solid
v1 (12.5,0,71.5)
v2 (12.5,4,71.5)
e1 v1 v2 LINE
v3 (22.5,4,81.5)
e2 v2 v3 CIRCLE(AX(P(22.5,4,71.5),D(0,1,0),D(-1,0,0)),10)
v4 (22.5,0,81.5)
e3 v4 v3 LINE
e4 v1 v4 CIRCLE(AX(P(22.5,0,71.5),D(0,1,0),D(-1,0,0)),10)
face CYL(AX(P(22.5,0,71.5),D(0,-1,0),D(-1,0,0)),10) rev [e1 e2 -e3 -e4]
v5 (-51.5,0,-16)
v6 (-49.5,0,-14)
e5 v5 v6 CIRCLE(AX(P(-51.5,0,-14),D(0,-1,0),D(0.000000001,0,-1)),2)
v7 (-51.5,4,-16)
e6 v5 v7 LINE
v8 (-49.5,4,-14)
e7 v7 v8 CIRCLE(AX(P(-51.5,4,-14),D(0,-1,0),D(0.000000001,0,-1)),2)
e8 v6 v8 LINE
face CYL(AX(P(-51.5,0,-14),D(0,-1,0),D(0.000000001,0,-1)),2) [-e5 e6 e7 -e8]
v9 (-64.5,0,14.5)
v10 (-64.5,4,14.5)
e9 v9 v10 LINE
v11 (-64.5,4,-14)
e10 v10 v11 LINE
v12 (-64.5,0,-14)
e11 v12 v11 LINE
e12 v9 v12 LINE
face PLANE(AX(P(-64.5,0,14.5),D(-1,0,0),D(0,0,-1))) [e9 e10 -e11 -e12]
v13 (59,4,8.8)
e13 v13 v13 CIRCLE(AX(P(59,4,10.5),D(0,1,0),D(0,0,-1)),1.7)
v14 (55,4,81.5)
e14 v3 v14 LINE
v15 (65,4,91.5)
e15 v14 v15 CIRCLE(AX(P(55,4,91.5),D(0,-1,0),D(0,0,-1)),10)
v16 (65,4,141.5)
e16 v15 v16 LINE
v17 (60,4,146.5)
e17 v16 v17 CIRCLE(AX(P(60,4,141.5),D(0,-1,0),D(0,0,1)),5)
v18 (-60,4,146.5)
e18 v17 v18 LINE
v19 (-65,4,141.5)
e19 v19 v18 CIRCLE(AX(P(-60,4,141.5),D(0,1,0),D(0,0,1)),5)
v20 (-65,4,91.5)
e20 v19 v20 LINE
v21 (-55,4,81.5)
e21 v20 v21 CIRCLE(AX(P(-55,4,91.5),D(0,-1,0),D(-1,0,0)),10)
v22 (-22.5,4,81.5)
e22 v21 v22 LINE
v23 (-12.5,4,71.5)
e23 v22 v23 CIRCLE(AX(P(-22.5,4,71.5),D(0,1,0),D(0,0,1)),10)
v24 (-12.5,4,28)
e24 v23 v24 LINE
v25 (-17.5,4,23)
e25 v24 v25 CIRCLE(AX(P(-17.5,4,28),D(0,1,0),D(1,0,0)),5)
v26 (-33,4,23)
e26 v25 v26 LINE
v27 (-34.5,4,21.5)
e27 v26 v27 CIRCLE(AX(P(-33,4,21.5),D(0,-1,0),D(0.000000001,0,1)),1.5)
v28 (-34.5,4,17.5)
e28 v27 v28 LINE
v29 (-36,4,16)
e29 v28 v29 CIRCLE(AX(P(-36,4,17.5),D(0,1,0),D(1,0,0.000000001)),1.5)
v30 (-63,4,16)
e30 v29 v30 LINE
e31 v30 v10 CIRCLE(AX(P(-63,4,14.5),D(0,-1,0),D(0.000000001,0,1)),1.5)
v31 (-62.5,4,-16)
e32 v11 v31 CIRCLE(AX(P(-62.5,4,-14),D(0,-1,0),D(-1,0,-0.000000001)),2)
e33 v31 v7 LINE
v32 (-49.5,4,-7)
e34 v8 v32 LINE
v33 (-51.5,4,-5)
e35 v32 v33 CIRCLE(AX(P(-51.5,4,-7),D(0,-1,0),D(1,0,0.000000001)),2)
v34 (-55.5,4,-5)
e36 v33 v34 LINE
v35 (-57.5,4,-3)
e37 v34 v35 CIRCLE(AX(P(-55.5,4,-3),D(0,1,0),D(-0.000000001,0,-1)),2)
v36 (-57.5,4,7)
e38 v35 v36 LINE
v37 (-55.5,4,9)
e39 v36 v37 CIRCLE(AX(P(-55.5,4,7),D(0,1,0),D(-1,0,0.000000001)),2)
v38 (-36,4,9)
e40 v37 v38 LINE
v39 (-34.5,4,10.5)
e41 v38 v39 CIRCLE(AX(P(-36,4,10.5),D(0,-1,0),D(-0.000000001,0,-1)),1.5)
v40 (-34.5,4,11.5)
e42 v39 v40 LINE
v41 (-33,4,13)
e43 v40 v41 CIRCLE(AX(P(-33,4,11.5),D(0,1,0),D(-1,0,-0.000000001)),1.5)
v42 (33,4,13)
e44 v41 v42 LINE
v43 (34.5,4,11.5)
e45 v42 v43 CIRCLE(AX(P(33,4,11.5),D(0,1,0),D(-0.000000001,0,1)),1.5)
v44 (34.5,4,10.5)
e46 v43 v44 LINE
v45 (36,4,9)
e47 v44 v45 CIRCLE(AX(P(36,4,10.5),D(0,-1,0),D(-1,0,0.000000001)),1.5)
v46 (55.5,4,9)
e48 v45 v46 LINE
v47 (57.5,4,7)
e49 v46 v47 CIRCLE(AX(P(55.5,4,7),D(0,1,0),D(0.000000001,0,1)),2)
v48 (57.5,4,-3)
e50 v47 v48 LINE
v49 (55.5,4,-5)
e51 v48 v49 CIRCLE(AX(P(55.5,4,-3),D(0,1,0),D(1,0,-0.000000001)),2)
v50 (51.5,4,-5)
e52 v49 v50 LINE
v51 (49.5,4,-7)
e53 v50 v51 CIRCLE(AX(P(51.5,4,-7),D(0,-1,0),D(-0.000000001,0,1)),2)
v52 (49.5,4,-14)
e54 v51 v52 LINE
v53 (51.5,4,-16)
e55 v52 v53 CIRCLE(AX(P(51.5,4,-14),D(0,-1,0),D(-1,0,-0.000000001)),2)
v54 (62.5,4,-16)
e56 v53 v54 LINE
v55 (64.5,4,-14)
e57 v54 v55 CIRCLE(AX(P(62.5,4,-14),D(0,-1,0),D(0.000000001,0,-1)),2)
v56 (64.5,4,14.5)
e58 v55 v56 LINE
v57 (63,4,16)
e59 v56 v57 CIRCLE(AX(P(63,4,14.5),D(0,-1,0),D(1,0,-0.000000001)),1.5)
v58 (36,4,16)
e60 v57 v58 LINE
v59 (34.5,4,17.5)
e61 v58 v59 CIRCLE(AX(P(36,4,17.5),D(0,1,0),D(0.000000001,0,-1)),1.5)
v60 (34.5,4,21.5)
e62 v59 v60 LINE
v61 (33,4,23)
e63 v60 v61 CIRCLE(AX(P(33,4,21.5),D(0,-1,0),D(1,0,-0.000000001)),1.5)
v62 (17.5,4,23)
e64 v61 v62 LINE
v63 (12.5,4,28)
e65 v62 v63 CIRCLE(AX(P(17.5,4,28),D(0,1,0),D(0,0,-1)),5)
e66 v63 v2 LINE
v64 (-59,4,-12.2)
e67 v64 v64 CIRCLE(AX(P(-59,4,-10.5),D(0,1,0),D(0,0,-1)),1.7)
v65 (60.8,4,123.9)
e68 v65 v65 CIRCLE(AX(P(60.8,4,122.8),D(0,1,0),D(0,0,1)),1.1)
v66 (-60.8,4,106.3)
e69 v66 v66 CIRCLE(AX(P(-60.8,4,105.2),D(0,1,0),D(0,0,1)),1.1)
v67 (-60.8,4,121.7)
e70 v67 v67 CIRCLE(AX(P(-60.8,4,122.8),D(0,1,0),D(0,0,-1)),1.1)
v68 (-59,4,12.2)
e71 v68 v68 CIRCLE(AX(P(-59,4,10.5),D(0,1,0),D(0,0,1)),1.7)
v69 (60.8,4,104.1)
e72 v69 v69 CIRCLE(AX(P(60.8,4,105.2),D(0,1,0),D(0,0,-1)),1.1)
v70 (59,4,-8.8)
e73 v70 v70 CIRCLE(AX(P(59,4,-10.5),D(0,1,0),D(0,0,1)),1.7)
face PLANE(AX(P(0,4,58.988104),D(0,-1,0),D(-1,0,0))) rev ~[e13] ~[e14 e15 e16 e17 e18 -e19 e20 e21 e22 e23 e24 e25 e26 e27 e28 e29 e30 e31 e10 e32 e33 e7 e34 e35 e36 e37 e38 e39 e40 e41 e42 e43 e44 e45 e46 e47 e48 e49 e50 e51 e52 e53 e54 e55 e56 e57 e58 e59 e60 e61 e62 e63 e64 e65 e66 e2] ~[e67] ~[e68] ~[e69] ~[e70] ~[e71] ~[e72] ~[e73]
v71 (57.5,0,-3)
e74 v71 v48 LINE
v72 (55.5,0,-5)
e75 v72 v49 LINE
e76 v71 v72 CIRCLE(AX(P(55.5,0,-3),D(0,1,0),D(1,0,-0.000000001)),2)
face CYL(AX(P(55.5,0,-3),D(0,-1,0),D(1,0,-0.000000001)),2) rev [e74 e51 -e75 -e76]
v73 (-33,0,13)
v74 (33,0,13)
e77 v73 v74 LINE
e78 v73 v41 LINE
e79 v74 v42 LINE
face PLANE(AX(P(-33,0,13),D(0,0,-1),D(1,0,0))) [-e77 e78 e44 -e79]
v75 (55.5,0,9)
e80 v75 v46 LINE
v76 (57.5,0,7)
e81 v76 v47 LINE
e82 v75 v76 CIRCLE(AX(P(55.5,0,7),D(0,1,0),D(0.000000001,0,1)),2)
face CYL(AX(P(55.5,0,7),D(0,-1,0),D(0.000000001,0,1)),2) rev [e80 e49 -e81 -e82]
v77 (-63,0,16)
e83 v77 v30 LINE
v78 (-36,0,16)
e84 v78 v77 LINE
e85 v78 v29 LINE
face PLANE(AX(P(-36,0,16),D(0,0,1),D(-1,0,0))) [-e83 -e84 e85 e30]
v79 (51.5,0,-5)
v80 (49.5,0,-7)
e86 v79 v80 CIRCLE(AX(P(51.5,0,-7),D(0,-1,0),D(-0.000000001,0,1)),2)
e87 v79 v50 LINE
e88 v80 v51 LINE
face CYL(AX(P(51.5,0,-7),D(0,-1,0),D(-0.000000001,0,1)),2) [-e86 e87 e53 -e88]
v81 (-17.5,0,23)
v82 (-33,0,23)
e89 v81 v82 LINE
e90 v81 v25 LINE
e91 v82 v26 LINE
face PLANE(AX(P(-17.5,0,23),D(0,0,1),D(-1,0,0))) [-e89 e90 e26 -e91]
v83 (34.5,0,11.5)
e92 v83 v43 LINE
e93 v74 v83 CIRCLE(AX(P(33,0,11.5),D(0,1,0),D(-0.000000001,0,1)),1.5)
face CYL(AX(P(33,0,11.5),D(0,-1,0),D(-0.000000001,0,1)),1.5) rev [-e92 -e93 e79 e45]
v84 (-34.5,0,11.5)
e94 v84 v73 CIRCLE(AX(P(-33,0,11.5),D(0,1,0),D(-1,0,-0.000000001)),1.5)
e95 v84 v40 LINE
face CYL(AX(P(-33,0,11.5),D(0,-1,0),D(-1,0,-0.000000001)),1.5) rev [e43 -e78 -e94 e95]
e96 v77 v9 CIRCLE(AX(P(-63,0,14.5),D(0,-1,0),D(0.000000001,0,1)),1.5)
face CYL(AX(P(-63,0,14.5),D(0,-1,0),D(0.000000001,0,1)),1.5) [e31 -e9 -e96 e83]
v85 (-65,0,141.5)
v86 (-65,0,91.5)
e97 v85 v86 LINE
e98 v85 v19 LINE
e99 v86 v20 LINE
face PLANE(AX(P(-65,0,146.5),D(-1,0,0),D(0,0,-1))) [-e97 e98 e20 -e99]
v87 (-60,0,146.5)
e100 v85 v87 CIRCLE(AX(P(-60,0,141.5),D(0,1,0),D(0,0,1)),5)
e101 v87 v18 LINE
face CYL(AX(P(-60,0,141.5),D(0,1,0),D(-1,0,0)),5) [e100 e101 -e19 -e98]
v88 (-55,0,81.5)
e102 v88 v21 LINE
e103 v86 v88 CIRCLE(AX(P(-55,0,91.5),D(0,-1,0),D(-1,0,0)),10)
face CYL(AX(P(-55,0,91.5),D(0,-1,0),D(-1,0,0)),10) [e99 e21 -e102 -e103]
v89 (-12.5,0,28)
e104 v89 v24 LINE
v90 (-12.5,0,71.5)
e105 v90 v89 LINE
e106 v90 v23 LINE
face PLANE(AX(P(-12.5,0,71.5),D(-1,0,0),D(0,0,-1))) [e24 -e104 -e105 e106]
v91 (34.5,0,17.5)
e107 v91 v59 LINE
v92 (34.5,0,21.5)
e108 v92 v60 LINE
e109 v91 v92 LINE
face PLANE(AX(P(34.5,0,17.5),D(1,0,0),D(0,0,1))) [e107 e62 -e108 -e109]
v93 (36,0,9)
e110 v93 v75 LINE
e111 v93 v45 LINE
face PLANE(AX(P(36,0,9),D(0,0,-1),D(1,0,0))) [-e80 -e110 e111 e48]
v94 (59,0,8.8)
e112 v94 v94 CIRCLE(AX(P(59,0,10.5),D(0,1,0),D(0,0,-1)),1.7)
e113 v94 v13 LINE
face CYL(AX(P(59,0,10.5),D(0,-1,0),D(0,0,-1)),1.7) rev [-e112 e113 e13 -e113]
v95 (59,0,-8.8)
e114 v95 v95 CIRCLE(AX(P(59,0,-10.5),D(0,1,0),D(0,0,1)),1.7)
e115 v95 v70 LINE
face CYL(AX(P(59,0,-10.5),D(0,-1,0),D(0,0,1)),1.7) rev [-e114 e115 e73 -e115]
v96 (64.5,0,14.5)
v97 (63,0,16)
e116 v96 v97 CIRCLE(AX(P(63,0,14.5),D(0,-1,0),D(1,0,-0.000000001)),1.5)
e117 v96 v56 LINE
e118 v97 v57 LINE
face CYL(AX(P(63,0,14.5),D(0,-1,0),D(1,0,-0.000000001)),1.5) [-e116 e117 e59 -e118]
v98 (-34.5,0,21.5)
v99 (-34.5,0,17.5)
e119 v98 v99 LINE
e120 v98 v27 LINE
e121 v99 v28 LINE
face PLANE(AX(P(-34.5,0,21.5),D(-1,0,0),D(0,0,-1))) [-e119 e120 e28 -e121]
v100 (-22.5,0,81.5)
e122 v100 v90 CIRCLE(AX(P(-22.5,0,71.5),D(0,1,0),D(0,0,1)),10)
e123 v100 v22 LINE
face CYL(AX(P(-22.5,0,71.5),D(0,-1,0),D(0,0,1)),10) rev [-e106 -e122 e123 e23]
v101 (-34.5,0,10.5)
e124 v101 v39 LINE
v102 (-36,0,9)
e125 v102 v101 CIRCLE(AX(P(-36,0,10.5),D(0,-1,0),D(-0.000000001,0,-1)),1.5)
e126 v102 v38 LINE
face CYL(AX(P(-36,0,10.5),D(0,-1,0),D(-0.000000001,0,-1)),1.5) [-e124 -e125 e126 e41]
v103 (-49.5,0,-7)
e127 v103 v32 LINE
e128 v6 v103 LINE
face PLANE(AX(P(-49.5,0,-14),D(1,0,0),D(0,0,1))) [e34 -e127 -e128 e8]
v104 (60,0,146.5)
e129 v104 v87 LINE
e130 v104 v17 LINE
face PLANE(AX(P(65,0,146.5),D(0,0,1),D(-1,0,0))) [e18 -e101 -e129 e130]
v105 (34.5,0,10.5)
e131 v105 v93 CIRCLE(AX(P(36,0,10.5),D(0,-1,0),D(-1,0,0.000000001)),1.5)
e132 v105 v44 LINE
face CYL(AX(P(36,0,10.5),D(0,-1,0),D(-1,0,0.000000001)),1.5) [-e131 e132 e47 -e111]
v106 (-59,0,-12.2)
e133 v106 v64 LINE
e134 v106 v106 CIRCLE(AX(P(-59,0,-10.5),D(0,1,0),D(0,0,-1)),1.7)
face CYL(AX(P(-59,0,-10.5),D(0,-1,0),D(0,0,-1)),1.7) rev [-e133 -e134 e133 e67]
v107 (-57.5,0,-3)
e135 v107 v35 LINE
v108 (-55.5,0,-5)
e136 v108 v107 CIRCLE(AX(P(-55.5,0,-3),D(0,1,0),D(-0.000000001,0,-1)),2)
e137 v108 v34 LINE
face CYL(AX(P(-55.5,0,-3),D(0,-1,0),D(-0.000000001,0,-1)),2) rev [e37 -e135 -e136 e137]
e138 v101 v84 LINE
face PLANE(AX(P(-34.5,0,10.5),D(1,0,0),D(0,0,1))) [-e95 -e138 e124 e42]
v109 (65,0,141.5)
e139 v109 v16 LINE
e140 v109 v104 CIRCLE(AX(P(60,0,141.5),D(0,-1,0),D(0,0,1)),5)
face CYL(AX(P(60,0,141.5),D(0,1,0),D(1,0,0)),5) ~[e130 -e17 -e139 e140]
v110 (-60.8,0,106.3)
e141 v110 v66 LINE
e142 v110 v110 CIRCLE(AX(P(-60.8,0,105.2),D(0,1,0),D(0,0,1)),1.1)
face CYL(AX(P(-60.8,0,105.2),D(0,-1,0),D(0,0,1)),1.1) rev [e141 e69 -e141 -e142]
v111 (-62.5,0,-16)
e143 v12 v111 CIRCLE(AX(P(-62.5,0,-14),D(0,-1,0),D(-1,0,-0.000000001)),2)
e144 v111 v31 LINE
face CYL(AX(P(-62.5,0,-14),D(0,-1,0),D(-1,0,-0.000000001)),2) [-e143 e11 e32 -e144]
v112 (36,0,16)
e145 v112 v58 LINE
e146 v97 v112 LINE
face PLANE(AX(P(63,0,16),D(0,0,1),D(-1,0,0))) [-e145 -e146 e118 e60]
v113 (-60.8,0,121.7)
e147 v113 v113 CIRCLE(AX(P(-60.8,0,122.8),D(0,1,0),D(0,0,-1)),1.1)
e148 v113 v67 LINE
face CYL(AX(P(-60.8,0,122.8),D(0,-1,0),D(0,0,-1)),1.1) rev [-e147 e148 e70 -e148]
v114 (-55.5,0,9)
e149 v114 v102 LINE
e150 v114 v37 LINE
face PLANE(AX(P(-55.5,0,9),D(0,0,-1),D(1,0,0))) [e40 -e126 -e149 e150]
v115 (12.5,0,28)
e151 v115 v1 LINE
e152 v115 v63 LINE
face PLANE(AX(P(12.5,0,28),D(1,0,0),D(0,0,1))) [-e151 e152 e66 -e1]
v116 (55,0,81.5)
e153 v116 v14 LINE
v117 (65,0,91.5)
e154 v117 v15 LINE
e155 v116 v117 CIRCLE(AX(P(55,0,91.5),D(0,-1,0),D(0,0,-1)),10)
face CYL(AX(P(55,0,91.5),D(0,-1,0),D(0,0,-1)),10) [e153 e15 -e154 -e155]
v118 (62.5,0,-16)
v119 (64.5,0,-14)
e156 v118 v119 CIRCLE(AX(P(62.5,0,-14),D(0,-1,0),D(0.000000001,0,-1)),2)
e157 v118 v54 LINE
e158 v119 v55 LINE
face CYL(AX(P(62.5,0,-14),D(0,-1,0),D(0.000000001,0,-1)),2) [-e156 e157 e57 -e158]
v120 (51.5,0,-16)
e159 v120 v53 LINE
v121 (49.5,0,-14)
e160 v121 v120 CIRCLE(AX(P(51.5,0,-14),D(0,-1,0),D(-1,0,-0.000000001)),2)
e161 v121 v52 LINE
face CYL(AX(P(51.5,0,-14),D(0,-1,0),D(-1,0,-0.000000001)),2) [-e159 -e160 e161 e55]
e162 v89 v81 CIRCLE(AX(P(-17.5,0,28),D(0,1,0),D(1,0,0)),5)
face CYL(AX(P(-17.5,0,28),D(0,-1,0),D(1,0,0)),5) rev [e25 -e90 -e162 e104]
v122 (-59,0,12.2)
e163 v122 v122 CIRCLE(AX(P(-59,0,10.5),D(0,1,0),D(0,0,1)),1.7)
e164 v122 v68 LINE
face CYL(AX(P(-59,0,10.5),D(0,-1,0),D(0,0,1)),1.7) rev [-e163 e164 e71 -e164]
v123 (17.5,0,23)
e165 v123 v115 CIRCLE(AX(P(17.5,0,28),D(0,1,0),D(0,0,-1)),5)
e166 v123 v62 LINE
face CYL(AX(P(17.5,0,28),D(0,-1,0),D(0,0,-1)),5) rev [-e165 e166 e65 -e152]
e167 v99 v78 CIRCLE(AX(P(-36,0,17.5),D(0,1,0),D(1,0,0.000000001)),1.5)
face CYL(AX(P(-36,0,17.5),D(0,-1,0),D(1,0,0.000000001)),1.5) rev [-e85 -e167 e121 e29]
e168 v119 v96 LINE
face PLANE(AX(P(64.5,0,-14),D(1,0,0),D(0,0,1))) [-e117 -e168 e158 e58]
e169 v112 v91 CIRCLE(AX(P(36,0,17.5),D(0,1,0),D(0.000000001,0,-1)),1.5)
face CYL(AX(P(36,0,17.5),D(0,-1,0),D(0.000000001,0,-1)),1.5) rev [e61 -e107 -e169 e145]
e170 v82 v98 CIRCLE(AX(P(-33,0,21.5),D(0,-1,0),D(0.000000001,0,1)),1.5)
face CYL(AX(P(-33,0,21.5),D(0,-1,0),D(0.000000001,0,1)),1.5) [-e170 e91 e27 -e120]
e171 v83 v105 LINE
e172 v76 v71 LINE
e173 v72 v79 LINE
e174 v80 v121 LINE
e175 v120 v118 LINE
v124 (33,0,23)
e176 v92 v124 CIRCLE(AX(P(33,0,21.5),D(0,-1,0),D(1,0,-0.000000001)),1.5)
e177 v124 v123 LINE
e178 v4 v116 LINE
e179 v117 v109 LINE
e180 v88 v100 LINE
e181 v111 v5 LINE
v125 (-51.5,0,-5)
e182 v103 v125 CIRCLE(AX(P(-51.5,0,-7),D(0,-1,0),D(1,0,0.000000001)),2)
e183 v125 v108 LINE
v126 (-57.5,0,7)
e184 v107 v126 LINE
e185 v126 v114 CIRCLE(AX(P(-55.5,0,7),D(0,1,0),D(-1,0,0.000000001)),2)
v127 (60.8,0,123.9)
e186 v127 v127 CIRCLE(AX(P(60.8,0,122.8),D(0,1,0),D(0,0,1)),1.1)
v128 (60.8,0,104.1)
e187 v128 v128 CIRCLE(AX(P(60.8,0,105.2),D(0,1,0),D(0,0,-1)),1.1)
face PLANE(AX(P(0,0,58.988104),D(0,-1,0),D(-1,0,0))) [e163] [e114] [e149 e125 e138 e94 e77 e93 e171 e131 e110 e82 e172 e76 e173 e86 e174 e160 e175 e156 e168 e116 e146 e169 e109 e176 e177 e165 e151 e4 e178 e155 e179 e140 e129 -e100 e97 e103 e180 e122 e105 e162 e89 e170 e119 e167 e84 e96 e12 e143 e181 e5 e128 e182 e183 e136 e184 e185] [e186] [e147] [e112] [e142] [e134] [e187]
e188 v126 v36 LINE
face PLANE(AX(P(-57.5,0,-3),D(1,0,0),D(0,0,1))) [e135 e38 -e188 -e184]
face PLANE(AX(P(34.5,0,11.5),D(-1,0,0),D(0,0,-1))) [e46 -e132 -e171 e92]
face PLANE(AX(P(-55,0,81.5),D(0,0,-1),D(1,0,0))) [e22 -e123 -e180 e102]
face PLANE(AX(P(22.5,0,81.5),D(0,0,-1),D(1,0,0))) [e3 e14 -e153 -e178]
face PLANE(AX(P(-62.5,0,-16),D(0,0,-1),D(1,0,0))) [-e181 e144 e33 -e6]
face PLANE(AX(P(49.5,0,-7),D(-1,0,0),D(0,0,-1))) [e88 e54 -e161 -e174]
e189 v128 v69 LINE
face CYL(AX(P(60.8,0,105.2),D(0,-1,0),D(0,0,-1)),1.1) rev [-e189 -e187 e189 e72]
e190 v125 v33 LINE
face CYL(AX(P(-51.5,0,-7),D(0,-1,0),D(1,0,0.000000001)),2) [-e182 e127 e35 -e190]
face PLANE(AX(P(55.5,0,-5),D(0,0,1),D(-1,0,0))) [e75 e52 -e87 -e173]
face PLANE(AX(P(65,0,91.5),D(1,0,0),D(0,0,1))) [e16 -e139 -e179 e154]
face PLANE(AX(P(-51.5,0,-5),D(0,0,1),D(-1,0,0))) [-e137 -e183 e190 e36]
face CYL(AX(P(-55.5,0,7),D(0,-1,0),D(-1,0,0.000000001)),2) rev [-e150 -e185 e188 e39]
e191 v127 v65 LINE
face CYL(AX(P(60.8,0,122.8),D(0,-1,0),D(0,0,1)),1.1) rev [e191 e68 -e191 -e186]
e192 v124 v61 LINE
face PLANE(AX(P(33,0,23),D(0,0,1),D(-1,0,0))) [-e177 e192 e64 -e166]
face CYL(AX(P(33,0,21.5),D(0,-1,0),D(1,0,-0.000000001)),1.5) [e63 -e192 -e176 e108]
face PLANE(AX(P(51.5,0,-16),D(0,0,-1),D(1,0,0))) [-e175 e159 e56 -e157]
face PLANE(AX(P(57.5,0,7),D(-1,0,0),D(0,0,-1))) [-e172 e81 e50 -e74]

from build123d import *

# Parameters (mm, degrees)
SKETCH2_R           = 1.7
SKETCH2_R_2         = 1.1
BOSS_EXTRUDE1_DEPTH = 4
FILLET1_R           = 5


with BuildPart() as part:
    # Sketch2 → Boss-Extrude1 (new body)
    with BuildSketch(Plane(origin=(0, 0, 0), x_dir=(1, 0, 0), z_dir=(0, 1, 0))):
        with BuildLine():
            Line((-33, -13), (33, -13))
            ThreePointArc((33, -13), (34.060660172, -12.560660172), (34.5, -11.5))
            Line((34.5, -11.5), (34.5, -10.5))
            ThreePointArc((34.5, -10.5), (34.939339828, -9.439339828), (36, -9))
            Line((36, -9), (55.5, -9))
            ThreePointArc((55.5, -9), (56.914213562, -8.414213562), (57.5, -7))
            Line((57.5, -7), (57.5, 3))
            ThreePointArc((57.5, 3), (56.914213562, 4.414213562), (55.5, 5))
            Line((55.5, 5), (51.5, 5))
            ThreePointArc((51.5, 5), (50.085786438, 5.585786438), (49.5, 7))
            Line((49.5, 7), (49.5, 14))
            ThreePointArc((49.5, 14), (50.085786438, 15.414213562), (51.5, 16))
            Line((51.5, 16), (62.5, 16))
            ThreePointArc((62.5, 16), (63.914213562, 15.414213562), (64.5, 14))
            Line((64.5, 14), (64.5, -13))
            Line((64.5, -13), (64.5, -14.5))
            ThreePointArc((64.5, -14.5), (64.060660172, -15.560660172), (63, -16))
            Line((63, -16), (36, -16))
            ThreePointArc((36, -16), (34.939339828, -16.439339828), (34.5, -17.5))
            Line((34.5, -17.5), (34.5, -21.5))
            ThreePointArc((34.5, -21.5), (34.060660172, -22.560660172), (33, -23))
            Line((33, -23), (17.5, -23))
            ThreePointArc((17.5, -23), (13.964466094, -24.464466094), (12.5, -28))
            Line((12.5, -28), (12.5, -56.5))
            Line((12.5, -56.5), (12.5, -71.5))
            ThreePointArc((12.5, -71.5), (15.428932188, -78.571067812), (22.5, -81.5))
            Line((22.5, -81.5), (55, -81.5))
            ThreePointArc((55, -81.5), (62.071067812, -84.428932188), (65, -91.5))
            Line((65, -91.5), (65, -146.5))
            Line((65, -146.5), (-65, -146.5))
            Line((-65, -146.5), (-65, -91.5))
            ThreePointArc((-65, -91.5), (-62.071067812, -84.428932188), (-55, -81.5))
            Line((-55, -81.5), (-25, -81.5))
            Line((-25, -81.5), (-22.5, -81.5))
            ThreePointArc((-22.5, -81.5), (-15.428932188, -78.571067812), (-12.5, -71.5))
            Line((-12.5, -71.5), (-12.5, -56.5))
            Line((-12.5, -56.5), (-12.5, -28))
            ThreePointArc((-12.5, -28), (-13.964466094, -24.464466094), (-17.5, -23))
            Line((-17.5, -23), (-33, -23))
            ThreePointArc((-33, -23), (-34.060660172, -22.560660172), (-34.5, -21.5))
            Line((-34.5, -21.5), (-34.5, -17.5))
            ThreePointArc((-34.5, -17.5), (-34.939339828, -16.439339828), (-36, -16))
            Line((-36, -16), (-63, -16))
            ThreePointArc((-63, -16), (-64.060660172, -15.560660172), (-64.5, -14.5))
            Line((-64.5, -14.5), (-64.5, -13))
            Line((-64.5, -13), (-64.5, 14))
            ThreePointArc((-64.5, 14), (-63.914213562, 15.414213562), (-62.5, 16))
            Line((-62.5, 16), (-51.5, 16))
            ThreePointArc((-51.5, 16), (-50.085786438, 15.414213562), (-49.5, 14))
            Line((-49.5, 14), (-49.5, 7))
            ThreePointArc((-49.5, 7), (-50.085786438, 5.585786438), (-51.5, 5))
            Line((-51.5, 5), (-55.5, 5))
            ThreePointArc((-55.5, 5), (-56.914213562, 4.414213562), (-57.5, 3))
            Line((-57.5, 3), (-57.5, -7))
            ThreePointArc((-57.5, -7), (-56.914213562, -8.414213562), (-55.5, -9))
            Line((-55.5, -9), (-36, -9))
            ThreePointArc((-36, -9), (-34.939339828, -9.439339828), (-34.5, -10.5))
            Line((-34.5, -10.5), (-34.5, -11.5))
            ThreePointArc((-34.5, -11.5), (-34.060660172, -12.560660172), (-33, -13))
        make_face()
        with Locations(Location((59, 10.5, 0), (0, 0, 270))):
            Circle(SKETCH2_R, mode=Mode.SUBTRACT)
        with Locations(Location((-59, 10.5, 0), (0, 0, 90))):
            Circle(SKETCH2_R, mode=Mode.SUBTRACT)
        with Locations(Location((-59, -10.5, 0), (0, 0, 270))):
            Circle(SKETCH2_R, mode=Mode.SUBTRACT)
        with Locations(Location((59, -10.5, 0), (0, 0, 90))):
            Circle(SKETCH2_R, mode=Mode.SUBTRACT)
        with Locations(Location((-60.8, -105.2, 0), (0, 0, 270))):
            Circle(SKETCH2_R_2, mode=Mode.SUBTRACT)
        with Locations(Location((-60.8, -122.8, 0), (0, 0, 90))):
            Circle(SKETCH2_R_2, mode=Mode.SUBTRACT)
        with Locations(Location((60.8, -122.8, 0), (0, 0, 270))):
            Circle(SKETCH2_R_2, mode=Mode.SUBTRACT)
        with Locations(Location((60.8, -105.2, 0), (0, 0, 90))):
            Circle(SKETCH2_R_2, mode=Mode.SUBTRACT)
    extrude(amount=BOSS_EXTRUDE1_DEPTH)

    # Fillet1
    fillet1_edges = [part.edges().sort_by_distance(p)[0] for p in [
        (65, 2, 146.5),
        (-65, 2, 146.5),
    ]]
    fillet(fillet1_edges, radius=FILLET1_R)


solid = part.part
